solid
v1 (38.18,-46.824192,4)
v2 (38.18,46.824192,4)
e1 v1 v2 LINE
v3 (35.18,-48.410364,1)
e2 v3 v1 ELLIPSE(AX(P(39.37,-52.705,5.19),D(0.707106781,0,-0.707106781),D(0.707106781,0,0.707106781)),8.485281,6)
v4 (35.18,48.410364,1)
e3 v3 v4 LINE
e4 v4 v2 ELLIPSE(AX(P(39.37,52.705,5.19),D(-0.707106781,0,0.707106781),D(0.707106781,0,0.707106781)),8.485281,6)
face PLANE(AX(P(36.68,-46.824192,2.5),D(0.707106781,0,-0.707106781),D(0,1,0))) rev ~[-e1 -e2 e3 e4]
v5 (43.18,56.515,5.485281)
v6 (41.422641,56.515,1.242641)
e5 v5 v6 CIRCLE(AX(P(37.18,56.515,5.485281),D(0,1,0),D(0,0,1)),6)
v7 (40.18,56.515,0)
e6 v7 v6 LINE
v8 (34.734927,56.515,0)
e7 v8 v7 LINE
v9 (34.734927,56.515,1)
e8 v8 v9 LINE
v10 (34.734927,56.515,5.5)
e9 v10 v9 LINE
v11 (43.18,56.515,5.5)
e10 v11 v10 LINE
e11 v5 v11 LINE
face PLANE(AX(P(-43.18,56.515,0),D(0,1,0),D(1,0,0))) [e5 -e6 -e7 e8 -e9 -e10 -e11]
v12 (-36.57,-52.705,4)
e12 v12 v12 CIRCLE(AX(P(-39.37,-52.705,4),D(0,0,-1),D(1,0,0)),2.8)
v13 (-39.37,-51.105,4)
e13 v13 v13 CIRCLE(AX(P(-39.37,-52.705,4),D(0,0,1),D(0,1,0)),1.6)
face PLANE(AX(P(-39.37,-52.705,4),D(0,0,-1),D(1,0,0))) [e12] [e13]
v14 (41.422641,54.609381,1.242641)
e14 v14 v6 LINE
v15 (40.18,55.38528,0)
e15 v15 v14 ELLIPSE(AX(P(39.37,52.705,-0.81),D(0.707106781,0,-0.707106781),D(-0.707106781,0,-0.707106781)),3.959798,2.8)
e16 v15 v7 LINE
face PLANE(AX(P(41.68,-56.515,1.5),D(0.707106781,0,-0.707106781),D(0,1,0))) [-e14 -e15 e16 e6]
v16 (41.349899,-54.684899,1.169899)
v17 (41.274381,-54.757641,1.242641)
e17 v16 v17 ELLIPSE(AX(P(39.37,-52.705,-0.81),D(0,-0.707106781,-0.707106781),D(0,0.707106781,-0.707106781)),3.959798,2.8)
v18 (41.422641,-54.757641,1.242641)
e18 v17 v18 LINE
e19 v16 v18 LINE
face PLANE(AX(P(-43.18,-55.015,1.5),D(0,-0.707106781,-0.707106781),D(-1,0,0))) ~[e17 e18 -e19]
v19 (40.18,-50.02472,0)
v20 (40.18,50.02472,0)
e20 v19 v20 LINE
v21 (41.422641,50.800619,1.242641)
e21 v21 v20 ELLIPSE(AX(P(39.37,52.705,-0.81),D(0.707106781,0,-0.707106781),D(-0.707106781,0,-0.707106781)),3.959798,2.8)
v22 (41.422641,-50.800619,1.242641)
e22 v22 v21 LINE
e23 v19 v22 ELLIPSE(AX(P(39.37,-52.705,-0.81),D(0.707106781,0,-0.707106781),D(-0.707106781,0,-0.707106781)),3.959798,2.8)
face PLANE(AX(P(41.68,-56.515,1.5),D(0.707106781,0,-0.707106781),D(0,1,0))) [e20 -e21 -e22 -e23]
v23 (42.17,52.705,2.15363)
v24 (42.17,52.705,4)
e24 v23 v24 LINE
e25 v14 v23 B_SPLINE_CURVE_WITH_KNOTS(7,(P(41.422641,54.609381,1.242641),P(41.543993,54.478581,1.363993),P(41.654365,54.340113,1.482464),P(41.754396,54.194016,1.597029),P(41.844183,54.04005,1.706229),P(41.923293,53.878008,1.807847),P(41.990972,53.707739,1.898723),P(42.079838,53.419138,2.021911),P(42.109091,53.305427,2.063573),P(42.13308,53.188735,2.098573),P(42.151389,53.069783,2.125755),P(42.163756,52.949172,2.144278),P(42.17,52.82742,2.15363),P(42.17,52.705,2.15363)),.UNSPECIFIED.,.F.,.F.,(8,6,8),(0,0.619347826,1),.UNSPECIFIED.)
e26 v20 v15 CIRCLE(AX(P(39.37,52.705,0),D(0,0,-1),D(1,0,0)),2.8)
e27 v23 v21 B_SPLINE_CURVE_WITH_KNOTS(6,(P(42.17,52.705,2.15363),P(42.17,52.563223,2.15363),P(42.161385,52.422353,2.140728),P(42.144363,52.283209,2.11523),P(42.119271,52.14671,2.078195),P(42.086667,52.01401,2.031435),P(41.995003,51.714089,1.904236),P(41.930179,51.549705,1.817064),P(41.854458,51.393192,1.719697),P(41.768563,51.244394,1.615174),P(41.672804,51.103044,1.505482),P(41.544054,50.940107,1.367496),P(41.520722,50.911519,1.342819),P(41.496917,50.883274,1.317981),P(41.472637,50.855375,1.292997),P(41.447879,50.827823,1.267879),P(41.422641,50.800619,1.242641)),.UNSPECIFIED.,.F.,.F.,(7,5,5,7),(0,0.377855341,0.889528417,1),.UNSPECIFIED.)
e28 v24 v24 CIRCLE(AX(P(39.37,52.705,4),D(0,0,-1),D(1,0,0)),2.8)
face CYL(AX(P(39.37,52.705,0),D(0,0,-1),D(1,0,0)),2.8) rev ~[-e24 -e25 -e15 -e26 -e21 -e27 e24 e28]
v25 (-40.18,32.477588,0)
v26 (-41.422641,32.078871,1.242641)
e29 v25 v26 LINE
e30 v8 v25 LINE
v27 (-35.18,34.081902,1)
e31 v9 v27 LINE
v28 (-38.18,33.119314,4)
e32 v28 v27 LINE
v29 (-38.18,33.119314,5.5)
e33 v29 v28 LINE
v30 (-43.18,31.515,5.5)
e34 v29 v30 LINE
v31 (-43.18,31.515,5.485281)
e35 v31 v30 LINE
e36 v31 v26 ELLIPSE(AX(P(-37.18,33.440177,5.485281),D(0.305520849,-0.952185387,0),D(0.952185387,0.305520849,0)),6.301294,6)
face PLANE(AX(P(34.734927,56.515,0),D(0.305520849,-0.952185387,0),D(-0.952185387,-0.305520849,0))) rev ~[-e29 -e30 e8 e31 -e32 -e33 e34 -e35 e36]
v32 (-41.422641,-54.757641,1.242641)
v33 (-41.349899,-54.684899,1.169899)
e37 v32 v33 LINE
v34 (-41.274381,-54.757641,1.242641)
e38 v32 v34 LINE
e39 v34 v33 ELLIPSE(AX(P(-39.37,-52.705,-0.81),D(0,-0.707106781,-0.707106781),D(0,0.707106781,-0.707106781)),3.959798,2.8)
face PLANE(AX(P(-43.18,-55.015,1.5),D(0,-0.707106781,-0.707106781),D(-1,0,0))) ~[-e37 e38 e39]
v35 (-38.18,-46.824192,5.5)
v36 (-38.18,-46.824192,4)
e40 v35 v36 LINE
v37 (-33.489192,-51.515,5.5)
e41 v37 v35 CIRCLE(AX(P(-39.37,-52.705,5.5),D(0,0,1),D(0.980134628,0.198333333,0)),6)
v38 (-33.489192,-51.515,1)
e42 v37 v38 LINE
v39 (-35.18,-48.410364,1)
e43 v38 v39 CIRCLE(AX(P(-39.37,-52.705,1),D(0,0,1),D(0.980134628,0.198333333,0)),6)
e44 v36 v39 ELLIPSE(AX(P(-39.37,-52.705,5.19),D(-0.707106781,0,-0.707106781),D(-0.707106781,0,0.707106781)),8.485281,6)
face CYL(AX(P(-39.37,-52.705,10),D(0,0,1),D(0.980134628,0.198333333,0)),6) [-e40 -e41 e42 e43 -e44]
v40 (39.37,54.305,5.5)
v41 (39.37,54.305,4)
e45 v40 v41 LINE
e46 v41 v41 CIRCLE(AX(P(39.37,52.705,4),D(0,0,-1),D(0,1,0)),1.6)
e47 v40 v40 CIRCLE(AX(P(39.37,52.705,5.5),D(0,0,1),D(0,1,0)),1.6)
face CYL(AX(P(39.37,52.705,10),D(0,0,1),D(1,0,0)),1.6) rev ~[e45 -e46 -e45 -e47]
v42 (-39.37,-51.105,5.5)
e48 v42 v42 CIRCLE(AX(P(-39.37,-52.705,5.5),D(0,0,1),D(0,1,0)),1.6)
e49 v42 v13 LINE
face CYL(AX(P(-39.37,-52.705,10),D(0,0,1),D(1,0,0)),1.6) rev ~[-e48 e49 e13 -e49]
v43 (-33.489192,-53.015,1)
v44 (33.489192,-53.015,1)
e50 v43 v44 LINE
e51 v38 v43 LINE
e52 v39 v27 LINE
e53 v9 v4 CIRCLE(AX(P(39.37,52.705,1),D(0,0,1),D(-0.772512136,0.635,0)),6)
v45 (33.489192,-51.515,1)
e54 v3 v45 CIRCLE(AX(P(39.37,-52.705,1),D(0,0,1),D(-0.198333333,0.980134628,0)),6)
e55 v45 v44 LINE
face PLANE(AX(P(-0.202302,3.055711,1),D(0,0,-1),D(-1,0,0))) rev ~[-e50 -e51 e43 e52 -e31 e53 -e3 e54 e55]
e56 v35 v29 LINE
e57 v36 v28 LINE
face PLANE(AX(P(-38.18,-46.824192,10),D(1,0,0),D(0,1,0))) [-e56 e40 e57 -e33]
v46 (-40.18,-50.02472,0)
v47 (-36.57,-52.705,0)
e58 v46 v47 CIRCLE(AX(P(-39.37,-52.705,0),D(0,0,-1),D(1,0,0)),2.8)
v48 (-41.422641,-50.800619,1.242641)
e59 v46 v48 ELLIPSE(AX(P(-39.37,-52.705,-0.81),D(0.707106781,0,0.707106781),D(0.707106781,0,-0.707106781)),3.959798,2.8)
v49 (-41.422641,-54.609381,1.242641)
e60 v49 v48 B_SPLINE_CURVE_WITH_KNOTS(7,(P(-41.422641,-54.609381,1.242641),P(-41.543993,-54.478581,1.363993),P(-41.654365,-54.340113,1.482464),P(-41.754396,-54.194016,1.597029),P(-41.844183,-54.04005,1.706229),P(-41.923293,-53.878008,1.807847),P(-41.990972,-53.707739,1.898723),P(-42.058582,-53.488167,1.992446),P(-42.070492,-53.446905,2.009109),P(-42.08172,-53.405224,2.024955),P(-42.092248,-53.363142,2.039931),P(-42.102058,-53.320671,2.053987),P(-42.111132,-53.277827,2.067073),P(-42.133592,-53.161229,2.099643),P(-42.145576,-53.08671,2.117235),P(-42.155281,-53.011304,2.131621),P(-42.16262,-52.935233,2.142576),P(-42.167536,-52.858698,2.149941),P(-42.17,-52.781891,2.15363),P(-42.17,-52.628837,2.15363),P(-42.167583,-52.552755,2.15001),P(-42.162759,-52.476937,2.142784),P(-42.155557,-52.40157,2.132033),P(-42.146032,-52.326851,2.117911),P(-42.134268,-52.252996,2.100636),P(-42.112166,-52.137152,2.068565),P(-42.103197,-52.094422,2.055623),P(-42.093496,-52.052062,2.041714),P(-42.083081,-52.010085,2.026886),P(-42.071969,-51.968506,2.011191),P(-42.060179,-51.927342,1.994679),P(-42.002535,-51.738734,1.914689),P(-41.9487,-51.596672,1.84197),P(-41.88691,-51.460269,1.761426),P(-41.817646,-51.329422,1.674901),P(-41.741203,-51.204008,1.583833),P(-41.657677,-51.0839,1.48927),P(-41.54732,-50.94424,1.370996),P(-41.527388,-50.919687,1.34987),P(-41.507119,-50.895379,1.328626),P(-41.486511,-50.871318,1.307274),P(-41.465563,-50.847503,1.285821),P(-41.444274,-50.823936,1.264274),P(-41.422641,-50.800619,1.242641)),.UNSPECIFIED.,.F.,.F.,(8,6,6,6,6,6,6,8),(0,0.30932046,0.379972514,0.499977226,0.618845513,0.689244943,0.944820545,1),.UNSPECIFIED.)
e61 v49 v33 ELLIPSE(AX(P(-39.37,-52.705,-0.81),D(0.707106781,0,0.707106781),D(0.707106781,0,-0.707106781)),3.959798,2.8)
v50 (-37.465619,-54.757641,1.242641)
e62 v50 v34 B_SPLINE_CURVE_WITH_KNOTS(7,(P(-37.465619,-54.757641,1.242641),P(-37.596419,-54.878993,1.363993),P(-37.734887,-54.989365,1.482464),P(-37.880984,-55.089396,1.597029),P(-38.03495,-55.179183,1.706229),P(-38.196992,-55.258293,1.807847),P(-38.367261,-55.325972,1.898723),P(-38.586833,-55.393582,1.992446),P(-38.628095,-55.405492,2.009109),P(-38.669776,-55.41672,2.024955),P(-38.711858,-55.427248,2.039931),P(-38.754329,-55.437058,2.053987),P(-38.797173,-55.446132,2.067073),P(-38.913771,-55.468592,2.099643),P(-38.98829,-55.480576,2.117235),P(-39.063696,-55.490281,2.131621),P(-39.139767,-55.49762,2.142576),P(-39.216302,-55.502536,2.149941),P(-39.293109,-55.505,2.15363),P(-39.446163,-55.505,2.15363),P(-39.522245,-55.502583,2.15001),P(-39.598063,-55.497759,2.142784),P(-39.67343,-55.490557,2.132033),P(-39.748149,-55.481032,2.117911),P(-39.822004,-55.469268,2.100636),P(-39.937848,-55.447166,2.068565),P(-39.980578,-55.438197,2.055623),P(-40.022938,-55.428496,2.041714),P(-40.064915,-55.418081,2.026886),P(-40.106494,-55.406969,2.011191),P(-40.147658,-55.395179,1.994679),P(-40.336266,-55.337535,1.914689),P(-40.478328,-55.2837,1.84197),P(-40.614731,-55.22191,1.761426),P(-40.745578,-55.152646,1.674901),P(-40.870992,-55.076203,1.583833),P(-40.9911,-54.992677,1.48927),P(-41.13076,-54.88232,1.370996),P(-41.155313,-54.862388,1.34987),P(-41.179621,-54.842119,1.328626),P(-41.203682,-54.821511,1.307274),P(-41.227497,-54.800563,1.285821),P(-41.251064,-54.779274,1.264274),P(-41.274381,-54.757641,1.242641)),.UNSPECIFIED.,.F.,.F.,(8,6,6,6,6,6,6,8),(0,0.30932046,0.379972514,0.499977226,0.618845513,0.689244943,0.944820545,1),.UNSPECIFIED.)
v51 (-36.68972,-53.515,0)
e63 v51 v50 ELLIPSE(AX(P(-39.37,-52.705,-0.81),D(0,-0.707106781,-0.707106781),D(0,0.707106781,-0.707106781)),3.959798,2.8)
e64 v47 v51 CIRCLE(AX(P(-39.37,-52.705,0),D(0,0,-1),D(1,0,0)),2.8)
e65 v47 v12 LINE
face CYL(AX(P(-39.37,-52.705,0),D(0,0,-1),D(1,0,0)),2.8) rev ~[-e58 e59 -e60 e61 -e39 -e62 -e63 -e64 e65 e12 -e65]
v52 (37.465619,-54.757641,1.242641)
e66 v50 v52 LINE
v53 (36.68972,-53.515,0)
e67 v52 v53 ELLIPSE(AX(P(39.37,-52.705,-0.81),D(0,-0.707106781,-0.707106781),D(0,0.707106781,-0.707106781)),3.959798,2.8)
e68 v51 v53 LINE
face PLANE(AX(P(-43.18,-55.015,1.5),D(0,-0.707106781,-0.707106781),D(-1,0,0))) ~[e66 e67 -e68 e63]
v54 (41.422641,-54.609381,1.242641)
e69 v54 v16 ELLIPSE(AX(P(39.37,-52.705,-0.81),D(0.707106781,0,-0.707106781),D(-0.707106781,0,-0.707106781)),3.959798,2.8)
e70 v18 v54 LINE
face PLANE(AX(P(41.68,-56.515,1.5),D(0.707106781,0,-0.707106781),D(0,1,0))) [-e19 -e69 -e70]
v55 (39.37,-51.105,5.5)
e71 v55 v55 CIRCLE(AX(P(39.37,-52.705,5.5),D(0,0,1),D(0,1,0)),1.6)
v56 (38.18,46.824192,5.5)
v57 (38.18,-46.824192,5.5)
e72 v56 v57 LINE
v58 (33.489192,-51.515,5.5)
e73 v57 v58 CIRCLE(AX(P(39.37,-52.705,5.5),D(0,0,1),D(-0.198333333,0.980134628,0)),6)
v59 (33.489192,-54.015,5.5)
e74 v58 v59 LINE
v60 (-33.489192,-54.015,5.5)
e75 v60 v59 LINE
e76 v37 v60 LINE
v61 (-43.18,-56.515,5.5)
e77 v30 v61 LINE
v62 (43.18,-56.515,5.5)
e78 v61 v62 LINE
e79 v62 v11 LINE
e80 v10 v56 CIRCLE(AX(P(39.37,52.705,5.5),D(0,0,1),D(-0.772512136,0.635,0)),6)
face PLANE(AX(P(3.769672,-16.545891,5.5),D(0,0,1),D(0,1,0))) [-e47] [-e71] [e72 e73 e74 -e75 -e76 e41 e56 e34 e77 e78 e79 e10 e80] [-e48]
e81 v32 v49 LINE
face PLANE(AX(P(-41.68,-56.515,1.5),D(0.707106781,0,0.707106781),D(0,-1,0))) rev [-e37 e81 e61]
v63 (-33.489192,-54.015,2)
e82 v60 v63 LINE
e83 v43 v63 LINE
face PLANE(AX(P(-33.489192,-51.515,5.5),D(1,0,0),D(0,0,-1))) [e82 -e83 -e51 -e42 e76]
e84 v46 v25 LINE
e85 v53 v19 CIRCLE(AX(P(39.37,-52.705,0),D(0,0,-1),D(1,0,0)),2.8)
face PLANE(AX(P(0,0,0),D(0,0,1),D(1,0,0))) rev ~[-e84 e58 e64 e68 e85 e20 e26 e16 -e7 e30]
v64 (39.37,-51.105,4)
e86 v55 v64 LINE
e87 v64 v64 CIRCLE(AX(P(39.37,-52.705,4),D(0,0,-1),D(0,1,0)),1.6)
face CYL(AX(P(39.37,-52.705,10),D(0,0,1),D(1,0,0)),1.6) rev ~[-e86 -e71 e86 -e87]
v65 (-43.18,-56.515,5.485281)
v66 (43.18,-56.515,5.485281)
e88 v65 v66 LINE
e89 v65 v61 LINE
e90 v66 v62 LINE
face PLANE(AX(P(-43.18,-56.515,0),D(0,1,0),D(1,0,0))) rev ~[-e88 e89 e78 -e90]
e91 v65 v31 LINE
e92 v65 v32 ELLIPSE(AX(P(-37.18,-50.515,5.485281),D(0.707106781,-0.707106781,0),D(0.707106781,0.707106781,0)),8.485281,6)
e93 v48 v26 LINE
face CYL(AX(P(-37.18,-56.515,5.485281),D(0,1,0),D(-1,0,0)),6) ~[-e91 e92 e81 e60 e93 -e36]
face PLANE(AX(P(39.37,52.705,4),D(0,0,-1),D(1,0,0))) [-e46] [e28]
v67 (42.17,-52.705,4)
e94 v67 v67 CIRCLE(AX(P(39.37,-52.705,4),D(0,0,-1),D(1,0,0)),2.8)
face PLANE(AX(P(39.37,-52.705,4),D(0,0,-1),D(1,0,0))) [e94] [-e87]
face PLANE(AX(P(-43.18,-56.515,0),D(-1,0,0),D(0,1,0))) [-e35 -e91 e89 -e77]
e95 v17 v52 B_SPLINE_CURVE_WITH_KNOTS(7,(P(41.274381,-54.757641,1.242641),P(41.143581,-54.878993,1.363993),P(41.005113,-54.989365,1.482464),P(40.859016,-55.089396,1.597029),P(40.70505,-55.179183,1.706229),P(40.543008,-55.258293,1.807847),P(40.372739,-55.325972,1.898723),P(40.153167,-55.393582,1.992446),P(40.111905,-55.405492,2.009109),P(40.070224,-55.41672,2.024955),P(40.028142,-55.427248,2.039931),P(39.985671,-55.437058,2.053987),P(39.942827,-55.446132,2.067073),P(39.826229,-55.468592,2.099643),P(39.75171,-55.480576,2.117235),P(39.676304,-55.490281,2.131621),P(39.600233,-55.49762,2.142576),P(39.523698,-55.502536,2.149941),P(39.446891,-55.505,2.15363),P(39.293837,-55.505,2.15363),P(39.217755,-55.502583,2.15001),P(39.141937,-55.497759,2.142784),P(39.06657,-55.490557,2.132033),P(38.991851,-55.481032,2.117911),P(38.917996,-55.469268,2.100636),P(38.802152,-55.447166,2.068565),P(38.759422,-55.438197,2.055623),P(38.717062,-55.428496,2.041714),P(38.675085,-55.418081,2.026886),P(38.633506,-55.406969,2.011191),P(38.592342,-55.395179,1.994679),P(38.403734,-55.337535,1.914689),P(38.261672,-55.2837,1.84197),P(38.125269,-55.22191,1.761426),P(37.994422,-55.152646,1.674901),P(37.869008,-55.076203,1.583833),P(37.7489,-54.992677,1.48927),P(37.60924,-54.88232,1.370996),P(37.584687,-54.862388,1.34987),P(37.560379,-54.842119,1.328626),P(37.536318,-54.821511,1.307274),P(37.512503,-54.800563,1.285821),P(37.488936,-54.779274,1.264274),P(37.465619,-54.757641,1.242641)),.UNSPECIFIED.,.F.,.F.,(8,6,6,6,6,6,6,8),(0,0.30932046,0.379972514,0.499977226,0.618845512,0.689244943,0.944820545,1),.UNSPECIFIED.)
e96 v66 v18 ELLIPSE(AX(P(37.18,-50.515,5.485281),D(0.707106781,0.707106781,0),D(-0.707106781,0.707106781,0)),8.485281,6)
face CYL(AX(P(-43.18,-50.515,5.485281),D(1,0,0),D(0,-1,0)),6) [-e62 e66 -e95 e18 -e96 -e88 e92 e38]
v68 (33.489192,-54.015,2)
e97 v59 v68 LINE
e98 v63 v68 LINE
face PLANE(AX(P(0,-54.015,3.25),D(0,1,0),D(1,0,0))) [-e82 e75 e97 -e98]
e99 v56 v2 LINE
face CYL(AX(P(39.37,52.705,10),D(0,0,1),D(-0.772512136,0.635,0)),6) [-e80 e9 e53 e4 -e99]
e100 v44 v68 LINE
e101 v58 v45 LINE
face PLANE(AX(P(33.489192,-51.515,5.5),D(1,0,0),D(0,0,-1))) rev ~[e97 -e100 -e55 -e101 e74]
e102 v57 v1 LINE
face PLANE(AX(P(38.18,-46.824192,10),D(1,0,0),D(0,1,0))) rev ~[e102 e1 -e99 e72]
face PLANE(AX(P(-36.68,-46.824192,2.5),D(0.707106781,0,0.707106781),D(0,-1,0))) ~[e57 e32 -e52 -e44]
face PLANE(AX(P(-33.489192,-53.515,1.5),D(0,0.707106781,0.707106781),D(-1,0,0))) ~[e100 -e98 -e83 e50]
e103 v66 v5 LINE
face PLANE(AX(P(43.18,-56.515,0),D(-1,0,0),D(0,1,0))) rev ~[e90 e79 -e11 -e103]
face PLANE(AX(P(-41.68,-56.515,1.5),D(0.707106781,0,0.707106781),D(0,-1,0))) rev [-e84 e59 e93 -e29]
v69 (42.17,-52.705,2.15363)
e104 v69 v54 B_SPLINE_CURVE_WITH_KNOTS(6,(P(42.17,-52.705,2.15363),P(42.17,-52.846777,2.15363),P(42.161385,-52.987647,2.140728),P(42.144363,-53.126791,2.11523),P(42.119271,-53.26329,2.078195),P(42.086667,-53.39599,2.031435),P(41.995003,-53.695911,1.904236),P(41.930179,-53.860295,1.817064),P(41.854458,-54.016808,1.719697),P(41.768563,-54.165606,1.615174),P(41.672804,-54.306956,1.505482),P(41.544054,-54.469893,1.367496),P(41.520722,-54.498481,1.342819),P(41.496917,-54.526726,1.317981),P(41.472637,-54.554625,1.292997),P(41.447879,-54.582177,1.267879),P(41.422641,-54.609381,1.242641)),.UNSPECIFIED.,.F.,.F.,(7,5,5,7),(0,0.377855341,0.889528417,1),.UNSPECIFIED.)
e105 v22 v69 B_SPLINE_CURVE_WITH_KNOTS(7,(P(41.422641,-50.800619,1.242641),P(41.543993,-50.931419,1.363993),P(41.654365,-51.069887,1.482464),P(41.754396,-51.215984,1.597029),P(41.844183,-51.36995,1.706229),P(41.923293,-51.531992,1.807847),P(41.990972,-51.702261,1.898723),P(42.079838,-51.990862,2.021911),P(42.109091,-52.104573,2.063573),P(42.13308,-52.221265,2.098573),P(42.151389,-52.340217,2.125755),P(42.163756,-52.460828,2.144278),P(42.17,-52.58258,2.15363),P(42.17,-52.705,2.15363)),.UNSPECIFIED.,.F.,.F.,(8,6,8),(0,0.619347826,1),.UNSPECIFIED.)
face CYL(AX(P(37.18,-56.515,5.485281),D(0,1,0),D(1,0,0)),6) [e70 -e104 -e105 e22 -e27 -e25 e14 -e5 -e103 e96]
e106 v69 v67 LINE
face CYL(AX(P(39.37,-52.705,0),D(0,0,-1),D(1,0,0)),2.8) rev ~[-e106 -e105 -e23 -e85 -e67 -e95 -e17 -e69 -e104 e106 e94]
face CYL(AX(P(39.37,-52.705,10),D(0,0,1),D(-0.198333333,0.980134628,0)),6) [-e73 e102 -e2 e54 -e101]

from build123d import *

# Parameters (mm, degrees)
SKETCH_W            = 86.36
SKETCH_H            = 113.03
PAD_DEPTH           = 10
SKETCH001_R         = 1.6
POCKET_DEPTH        = 1
POCKET001_DEPTH     = 9
CHAMFER_SIZE        = 3
FILLET_R            = 6
FILLET_FACE23_R     = 1.6
POCKET002_DEPTH     = 9.001
POCKET002_FACE25_R  = 1.6
POCKET003_DEPTH     = 9.001
SKETCH003_R         = 2.8
POCKET005_DEPTH     = 4
POCKET006_DEPTH     = 10.001
POCKET006_FACE37_R  = 1.6
POCKET007_DEPTH     = 9.0010001
POCKET007_FACE6_R   = 1.6
POCKET008_DEPTH     = 4.5
CHAMFER001_SIZE     = 3
CHAMFER001_FACE10_W = 66.9783844647
CHAMFER001_FACE10_H = 4.5
POCKET009_DEPTH     = 2.5
CHAMFER002_SIZE     = 1


with BuildPart() as part:
    # Sketch → Pad (new body)
    with BuildSketch(Plane.XY):
        Rectangle(SKETCH_W, SKETCH_H)
    extrude(amount=PAD_DEPTH)

    # Sketch001 (on Face6 of Pad) → Pocket (cut)
    with BuildSketch(Plane.XY.offset(10)):
        with Locations((-39.37, -52.705)):
            Circle(SKETCH001_R)
        with Locations((39.37, -52.705)):
            Circle(SKETCH001_R)
        with Locations((39.37, 52.705)):
            Circle(SKETCH001_R)
    extrude(amount=-POCKET_DEPTH, mode=Mode.SUBTRACT)

    # Sketch002 (on Face5 of Pocket) → Pocket001 (cut)
    with BuildSketch(Plane.XY.offset(10)):
        with BuildLine():
            Line((-38.18, 56.515), (34.734927185, 56.515))
            ThreePointArc((34.734927185, 56.515), (33.7166110056, 50.695225665), (38.18, 46.8241922324))
            Line((38.18, -46.8241922324), (38.18, 46.8241922324))
            ThreePointArc((38.18, -46.8241922324), (35.1273593129, -48.4623593129), (33.4891922324, -51.515))
            Line((-33.4891922324, -51.515), (33.4891922324, -51.515))
            ThreePointArc((-33.4891922324, -51.515), (-35.1273593129, -48.4623593129), (-38.18, -46.8241922324))
            Line((-38.18, -46.8241922324), (-38.18, 56.515))
        make_face()
    extrude(amount=-POCKET001_DEPTH, mode=Mode.SUBTRACT)

    # Chamfer
    chamfer_edges = [part.edges().sort_by_distance(p)[0] for p in [
        (43.18, 0, 0),
        (0, -56.515, 0),
        (-43.18, 0, 0),
    ]]
    chamfer(chamfer_edges, length=CHAMFER_SIZE)

    # Fillet
    fillet_edges = [part.edges().sort_by_distance(p)[0] for p in [
        (43.18, 0, 3),
        (0, -56.515, 3),
        (-43.18, 0, 3),
    ]]
    fillet(fillet_edges, radius=FILLET_R)

    # Fillet Face23 → Pocket002 (cut, through all)
    with BuildSketch(Plane(origin=(39.37, 52.705, 9), x_dir=(0, 1, 0), z_dir=(0, 0, 1))):
        Circle(FILLET_FACE23_R)
    extrude(amount=-POCKET002_DEPTH, mode=Mode.SUBTRACT)

    # Pocket002 Face25 → Pocket003 (cut, through all)
    with BuildSketch(Plane(origin=(39.37, -52.705, 9), x_dir=(0, 1, 0), z_dir=(0, 0, 1))):
        Circle(POCKET002_FACE25_R)
    extrude(amount=-POCKET003_DEPTH, mode=Mode.SUBTRACT)

    # Sketch003 → Pocket005 (cut)
    with BuildSketch(Plane(origin=(0, 0, 0), x_dir=(1, 0, 0), z_dir=(0, 0, -1))):
        with Locations((-39.37, 52.705)):
            Circle(SKETCH003_R)
        with Locations((39.37, 52.705)):
            Circle(SKETCH003_R)
        with Locations((39.37, -52.705)):
            Circle(SKETCH003_R)
    extrude(amount=-POCKET005_DEPTH, mode=Mode.SUBTRACT)

    # Sketch004 (on Face4 of Pocket005) → Pocket006 (cut, through all)
    with BuildSketch(Plane(origin=(0, 0, 0), x_dir=(1, 0, 0), z_dir=(0, 0, -1))):
        Polygon((34.734927185, -56.515), (-43.18, -31.515), (-74.957912, -45.45311), (-56.152271, -90.823143), (38.876451, -98.385315), align=None)
    extrude(amount=-POCKET006_DEPTH, mode=Mode.SUBTRACT)

    # Pocket006 Face37 → Pocket007 (cut, through all)
    with BuildSketch(Plane(origin=(-39.37, -52.705, 9), x_dir=(0, 1, 0), z_dir=(0, 0, 1))):
        Circle(POCKET006_FACE37_R)
    extrude(amount=-POCKET007_DEPTH, mode=Mode.SUBTRACT)

    # Pocket007 Face6 → Pocket008 (cut)
    with BuildSketch(Plane(origin=(4.1610773178, -17.506602636, 10), x_dir=(0, 1, 0), z_dir=(0, 0, 1))):
        with BuildLine():
            Line((-39.008397364, 47.3410773178), (-39.008397364, -39.0189226822))
            Line((-39.008397364, -39.0189226822), (74.021602636, -39.0189226822))
            Line((74.021602636, -39.0189226822), (74.021602636, -30.5738498672))
            ThreePointArc((74.021602636, -30.5738498672), (68.201828301, -29.5555336878), (64.3307948684, -34.0189226822))
            Line((64.3307948684, -34.0189226822), (-29.3175895963, -34.0189226822))
            ThreePointArc((-29.3175895963, -34.0189226822), (-30.9557566768, -30.9662819951), (-34.008397364, -29.3281149145))
            Line((-34.008397364, -29.3281149145), (-34.008397364, 37.6502695502))
            ThreePointArc((-34.008397364, 37.6502695502), (-30.9557566768, 39.2884366307), (-29.3175895963, 42.3410773178))
            Line((-29.3175895963, 42.3410773178), (50.6259165271, 42.3410773178))
            Line((50.6259165271, 42.3410773178), (49.021602636, 47.3410773178))
            Line((49.021602636, 47.3410773178), (-39.008397364, 47.3410773178))
        make_face()
        with Locations((-35.198397364, -35.2089226822)):
            Circle(POCKET007_FACE6_R, mode=Mode.SUBTRACT)
        with Locations((70.211602636, -35.2089226822)):
            Circle(POCKET007_FACE6_R, mode=Mode.SUBTRACT)
        with Locations((-35.198397364, 43.5310773178)):
            Circle(POCKET007_FACE6_R, mode=Mode.SUBTRACT)
    extrude(amount=-POCKET008_DEPTH, mode=Mode.SUBTRACT)

    # Chamfer001
    chamfer001_edges = [part.edges().sort_by_distance(p)[0] for p in [
        (-38.18, -6.852439, 1),
        (38.18, 0, 1),
    ]]
    chamfer(chamfer001_edges, length=CHAMFER001_SIZE)

    # Chamfer001 Face10 → Pocket009 (cut)
    with BuildSketch(Plane(origin=(0, -51.515, 3.25), x_dir=(1, 0, 0), z_dir=(0, 1, 0))):
        Rectangle(CHAMFER001_FACE10_W, CHAMFER001_FACE10_H)
    extrude(amount=-POCKET009_DEPTH, mode=Mode.SUBTRACT)

    # Chamfer002
    chamfer002_edges = [part.edges().sort_by_distance(p)[0] for p in [
        (0, -54.015, 1),
    ]]
    chamfer(chamfer002_edges, length=CHAMFER002_SIZE)


solid = part.part
